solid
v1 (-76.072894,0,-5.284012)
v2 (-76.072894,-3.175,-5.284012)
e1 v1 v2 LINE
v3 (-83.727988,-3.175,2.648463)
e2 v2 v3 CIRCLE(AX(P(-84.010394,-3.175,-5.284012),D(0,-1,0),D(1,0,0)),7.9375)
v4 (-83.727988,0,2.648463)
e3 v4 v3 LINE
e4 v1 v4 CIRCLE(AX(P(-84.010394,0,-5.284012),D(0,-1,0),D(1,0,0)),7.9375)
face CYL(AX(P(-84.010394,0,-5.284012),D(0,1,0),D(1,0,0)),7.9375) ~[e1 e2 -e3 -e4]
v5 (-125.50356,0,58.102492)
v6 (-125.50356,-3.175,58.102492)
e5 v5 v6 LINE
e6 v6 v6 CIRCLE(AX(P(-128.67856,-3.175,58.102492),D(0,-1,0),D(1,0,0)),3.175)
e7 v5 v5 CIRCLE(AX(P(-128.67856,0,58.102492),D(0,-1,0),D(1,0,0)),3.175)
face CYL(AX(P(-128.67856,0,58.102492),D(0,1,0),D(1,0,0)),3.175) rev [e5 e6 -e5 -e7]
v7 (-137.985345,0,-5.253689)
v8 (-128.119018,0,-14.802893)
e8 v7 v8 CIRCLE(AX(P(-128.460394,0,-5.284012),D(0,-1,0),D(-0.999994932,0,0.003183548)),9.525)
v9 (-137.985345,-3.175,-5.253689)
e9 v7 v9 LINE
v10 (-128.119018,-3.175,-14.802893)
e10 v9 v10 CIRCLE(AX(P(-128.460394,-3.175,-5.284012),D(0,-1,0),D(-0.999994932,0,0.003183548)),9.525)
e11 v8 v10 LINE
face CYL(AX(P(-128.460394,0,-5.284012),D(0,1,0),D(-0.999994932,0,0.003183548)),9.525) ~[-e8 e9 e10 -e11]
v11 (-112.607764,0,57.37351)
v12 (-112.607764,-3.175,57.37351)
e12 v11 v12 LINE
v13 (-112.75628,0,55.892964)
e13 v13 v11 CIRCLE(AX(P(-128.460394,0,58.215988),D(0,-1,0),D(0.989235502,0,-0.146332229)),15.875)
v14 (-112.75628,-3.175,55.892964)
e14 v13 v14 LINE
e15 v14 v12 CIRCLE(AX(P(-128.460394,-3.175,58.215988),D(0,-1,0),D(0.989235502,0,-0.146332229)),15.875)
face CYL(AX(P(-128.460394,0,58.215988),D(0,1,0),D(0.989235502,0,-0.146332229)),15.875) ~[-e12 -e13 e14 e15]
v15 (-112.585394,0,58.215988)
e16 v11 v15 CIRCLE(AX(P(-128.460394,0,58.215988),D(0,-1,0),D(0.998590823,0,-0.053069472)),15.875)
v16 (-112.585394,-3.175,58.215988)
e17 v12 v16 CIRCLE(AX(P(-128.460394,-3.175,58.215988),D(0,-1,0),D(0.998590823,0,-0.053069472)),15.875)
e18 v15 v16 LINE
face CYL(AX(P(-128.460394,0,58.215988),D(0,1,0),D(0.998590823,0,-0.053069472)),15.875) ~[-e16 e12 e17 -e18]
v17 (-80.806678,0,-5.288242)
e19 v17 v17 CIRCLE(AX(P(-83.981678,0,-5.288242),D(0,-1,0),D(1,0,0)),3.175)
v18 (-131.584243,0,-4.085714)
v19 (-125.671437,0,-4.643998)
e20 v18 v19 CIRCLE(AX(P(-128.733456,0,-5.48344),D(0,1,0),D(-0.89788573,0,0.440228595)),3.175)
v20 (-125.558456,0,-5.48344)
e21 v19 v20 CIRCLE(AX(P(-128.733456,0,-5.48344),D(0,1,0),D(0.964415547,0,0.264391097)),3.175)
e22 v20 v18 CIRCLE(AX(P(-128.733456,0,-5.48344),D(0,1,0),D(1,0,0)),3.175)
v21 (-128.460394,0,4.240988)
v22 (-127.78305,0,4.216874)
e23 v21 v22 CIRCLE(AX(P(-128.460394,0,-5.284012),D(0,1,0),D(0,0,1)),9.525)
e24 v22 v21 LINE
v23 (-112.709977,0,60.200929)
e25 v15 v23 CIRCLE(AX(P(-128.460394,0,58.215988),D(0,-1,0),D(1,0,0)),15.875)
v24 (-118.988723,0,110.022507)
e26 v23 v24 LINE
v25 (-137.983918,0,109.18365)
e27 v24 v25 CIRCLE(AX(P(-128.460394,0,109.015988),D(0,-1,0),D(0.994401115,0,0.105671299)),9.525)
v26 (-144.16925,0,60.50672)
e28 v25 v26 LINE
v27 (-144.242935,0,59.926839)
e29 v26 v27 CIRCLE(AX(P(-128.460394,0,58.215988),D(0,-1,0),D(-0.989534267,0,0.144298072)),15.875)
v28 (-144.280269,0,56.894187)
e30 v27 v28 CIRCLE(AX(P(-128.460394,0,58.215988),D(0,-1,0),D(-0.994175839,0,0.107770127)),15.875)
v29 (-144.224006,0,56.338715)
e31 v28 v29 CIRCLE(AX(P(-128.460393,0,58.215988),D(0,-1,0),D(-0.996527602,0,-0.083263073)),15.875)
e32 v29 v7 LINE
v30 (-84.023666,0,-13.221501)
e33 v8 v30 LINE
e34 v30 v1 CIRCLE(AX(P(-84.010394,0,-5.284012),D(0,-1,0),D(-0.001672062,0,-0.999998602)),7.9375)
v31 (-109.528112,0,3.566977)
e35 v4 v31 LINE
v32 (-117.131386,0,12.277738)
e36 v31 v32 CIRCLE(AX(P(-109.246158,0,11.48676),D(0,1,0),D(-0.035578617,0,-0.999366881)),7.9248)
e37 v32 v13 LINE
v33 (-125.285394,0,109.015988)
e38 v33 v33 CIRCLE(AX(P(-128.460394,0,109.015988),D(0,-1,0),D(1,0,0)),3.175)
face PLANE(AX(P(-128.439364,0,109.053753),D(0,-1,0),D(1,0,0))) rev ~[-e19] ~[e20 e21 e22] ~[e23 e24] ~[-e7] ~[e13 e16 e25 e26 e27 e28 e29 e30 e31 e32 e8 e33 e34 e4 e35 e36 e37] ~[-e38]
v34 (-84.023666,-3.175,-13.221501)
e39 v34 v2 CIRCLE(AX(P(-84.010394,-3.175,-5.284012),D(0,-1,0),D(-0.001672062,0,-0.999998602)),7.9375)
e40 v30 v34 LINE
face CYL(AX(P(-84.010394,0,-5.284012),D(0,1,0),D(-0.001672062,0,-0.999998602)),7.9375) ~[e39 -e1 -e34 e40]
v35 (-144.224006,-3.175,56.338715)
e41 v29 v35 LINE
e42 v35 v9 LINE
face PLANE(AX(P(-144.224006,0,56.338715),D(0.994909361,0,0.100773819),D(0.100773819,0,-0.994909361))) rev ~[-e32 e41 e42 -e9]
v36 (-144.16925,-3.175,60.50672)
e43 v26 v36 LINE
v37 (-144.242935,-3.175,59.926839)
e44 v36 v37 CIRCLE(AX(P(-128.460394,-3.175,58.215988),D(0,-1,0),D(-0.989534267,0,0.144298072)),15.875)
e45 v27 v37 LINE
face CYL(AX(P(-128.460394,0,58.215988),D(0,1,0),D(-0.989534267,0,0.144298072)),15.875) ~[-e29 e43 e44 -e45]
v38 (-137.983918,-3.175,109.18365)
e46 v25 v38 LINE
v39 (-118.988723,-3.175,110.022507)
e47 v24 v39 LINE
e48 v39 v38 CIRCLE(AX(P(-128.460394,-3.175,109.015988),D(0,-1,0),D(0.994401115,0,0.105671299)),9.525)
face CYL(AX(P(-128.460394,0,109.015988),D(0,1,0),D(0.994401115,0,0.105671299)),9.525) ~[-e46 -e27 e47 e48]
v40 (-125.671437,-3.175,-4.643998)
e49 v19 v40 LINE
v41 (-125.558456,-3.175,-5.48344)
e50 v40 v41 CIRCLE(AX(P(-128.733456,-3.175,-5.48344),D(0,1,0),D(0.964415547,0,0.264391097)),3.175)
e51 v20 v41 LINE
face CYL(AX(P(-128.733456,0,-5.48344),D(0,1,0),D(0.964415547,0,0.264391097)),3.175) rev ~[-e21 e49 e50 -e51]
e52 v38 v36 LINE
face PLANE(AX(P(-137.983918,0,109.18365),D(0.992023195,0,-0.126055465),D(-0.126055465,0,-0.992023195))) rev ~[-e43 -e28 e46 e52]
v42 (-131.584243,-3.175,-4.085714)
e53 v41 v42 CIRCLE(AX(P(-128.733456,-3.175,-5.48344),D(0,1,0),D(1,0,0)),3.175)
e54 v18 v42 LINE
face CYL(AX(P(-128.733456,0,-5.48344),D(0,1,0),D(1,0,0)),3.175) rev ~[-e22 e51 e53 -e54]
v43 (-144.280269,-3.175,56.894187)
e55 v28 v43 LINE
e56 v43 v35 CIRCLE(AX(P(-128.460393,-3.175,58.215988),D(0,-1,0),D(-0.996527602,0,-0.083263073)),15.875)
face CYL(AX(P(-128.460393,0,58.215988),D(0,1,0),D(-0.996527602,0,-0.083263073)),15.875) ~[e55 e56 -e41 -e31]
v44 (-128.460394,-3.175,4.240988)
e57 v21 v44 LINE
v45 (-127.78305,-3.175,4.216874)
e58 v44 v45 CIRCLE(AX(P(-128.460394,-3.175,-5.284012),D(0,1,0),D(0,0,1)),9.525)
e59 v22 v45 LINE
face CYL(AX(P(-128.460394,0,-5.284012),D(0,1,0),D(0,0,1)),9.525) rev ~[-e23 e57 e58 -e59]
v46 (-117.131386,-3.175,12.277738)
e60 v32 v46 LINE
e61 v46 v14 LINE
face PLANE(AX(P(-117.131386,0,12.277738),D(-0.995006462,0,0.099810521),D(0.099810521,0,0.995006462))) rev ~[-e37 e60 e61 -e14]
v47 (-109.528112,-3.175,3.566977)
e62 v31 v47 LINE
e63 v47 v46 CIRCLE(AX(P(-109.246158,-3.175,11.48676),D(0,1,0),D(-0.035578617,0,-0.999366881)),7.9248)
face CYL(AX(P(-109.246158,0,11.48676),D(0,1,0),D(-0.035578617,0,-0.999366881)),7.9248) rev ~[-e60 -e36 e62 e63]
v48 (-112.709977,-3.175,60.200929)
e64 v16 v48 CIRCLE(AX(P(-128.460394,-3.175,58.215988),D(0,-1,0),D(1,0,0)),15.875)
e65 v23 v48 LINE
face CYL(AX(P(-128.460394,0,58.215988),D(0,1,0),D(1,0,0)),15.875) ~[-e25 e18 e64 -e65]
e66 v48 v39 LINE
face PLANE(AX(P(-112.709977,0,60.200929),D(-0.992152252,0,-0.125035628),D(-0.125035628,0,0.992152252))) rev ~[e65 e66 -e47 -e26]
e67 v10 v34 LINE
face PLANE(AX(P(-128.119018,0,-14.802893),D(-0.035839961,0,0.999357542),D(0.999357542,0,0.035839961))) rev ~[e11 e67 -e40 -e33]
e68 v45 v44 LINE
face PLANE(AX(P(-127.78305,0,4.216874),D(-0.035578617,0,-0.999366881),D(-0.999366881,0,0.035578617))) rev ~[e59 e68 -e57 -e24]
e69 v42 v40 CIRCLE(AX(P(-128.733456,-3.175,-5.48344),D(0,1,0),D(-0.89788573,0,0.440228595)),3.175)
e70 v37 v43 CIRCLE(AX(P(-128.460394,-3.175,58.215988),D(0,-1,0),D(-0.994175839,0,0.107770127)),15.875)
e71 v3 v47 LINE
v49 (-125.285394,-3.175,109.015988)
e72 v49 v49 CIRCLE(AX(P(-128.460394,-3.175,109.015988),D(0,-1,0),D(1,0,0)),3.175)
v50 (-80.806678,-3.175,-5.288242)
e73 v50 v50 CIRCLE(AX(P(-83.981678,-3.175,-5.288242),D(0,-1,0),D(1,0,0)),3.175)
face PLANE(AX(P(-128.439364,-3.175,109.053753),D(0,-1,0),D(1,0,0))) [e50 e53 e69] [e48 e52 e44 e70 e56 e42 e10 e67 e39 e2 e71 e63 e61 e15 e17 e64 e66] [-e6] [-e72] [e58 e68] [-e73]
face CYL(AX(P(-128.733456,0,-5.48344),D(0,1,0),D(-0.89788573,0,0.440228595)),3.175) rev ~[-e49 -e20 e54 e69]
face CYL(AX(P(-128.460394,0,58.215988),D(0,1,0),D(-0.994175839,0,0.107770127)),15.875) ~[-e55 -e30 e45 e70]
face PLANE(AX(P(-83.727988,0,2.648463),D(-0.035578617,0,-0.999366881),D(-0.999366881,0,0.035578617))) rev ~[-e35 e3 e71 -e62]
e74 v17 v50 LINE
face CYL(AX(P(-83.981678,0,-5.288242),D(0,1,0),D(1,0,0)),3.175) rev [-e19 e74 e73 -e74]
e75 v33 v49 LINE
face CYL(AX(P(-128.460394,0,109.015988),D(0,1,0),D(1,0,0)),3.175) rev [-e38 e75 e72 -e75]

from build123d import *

# Parameters (mm, degrees)
F0_R     = 3.175
F1_DEPTH = 3.175


with BuildPart() as f1:
    # F0 (on Front) → F1 (new body)
    with BuildSketch(Plane.XZ):
        with BuildLine():
            ThreePointArc((-137.9839178575, 109.1836497097), (-128.5442276723, 99.4913569695), (-118.9353935854, 109.0159880304))
            ThreePointArc((-118.9353935854, 109.0159880304), (-118.9487352752, 109.5199534958), (-118.9887229692, 110.0225071499))
            ThreePointArc((-118.9887229692, 110.0225071499), (-128.88062287, 118.5317135597), (-137.9839178575, 109.1836497097))
        make_face()
        with Locations((-128.4603935854, 109.0159880304)):
            Circle(F0_R, mode=Mode.SUBTRACT)
        with BuildLine():
            ThreePointArc((-118.9887229692, 110.0225071499), (-118.9487352752, 109.5199534958), (-118.9353935854, 109.0159880304))
            ThreePointArc((-118.9353935854, 109.0159880304), (-128.5442276723, 99.4913569695), (-137.9839178575, 109.1836497097))
            Line((-137.9839178575, 109.1836497097), (-144.1692500808, 60.5067199238))
            ThreePointArc((-144.1692500808, 60.5067199238), (-128.3060922633, 74.0902381262), (-112.7099765808, 60.2009286289))
            Line((-112.7099765808, 60.2009286289), (-118.9887229692, 110.0225071499))
        make_face()
        with BuildLine():
            ThreePointArc((-112.5853935854, 58.2159880304), (-112.6165699473, 59.2104112429), (-112.7099765808, 60.2009286289))
            ThreePointArc((-112.7099765808, 60.2009286289), (-128.3060922633, 74.0902381262), (-144.1692500808, 60.5067199238))
            Line((-144.1692500808, 60.5067199238), (-144.2429350358, 59.9268388031))
            ThreePointArc((-144.2429350358, 59.9268388031), (-144.3341907576, 58.4114063954), (-144.2802692603, 56.894186747))
            Line((-144.2802692603, 56.894186747), (-144.2240058625, 56.33871528))
            ThreePointArc((-144.2240058625, 56.33871528), (-128.6852459771, 42.3425805071), (-112.7562799888, 55.8929638929))
            Line((-112.7562799888, 55.8929638929), (-112.6077642758, 57.3735101539))
            ThreePointArc((-112.6077642758, 57.3735101539), (-112.5909872435, 57.7946006136), (-112.5853935854, 58.2159880304))
        make_face()
        with Locations((-128.678560257, 58.1024922431)):
            Circle(F0_R, mode=Mode.SUBTRACT)
        with BuildLine():
            Line((-144.2429350358, 59.9268388031), (-144.1692500808, 60.5067199238))
            ThreePointArc((-144.1692500808, 60.5067199238), (-144.208761808, 60.2171185426), (-144.2429350358, 59.9268388031))
        make_face()
        with BuildLine():
            ThreePointArc((-112.7562799888, 55.8929638929), (-112.6646659979, 56.6314960047), (-112.6077642758, 57.3735101539))
            Line((-112.6077642758, 57.3735101539), (-112.7562799888, 55.8929638929))
        make_face()
        with BuildLine():
            Line((-144.2240058625, 56.33871528), (-144.2802692603, 56.894186747))
            ThreePointArc((-144.2802692603, 56.894186747), (-144.2545796974, 56.6162036509), (-144.2240058625, 56.33871528))
        make_face()
        with BuildLine():
            Line((-117.1313856805, 12.2777379711), (-112.7562799888, 55.8929638929))
            ThreePointArc((-112.7562799888, 55.8929638929), (-128.6852459771, 42.3425805071), (-144.2240058625, 56.33871528))
            Line((-144.2240058625, 56.33871528), (-137.9853453175, -5.2536886715))
            ThreePointArc((-137.9853453175, -5.2536886715), (-135.1848562251, 1.461892507), (-128.4603935854, 4.2409880304))
            ThreePointArc((-128.4603935854, 4.2409880304), (-128.121507256, 4.2349575679), (-127.7830500375, 4.2168738164))
            ThreePointArc((-127.7830500375, 4.2168738164), (-121.4912000212, 1.2087506216), (-118.9353944253, -5.2800119368))
            ThreePointArc((-118.9353944253, -5.2800119368), (-118.9353937954, -5.2820119531), (-118.9353935854, -5.2840119696))
            ThreePointArc((-118.9353935854, -5.2840119696), (-121.6055694499, -11.8974083036), (-128.1190179572, -14.8028925592))
            Line((-128.1190179572, -14.8028925592), (-84.0236655742, -13.2215008738))
            ThreePointArc((-84.0236655742, -13.2215008738), (-91.9465162976, -5.1361520805), (-83.7279883109, 2.648462645))
            Line((-83.7279883109, 2.648462645), (-109.5281118949, 3.5669768966))
            ThreePointArc((-109.5281118949, 3.5669768966), (-115.2165059894, 6.2754827867), (-117.1313856805, 12.2777379711))
        make_face()
        with BuildLine():
            ThreePointArc((-128.4603935854, 4.2409880304), (-135.1848562251, 1.461892507), (-137.9853453175, -5.2536886715))
            ThreePointArc((-137.9853453175, -5.2536886715), (-135.0846928869, -12.1283003741), (-128.1190179572, -14.8028925592))
            ThreePointArc((-128.1190179572, -14.8028925592), (-121.6055694499, -11.8974083036), (-118.9353935854, -5.2840119696))
            ThreePointArc((-118.9353935854, -5.2840119696), (-118.9353937954, -5.2820119531), (-118.9353944253, -5.2800119368))
            ThreePointArc((-118.9353944253, -5.2800119368), (-121.4912000212, 1.2087506216), (-127.7830500375, 4.2168738164))
            Line((-127.7830500375, 4.2168738164), (-128.4603935854, 4.2409880304))
        make_face()
        with BuildLine():
            ThreePointArc((-131.584243327, -4.0857143333), (-128.435001733, -2.3224988127), (-125.6714367719, -4.6439983917))
            ThreePointArc((-125.6714367719, -4.6439983917), (-125.5868280604, -5.0599347973), (-125.5584561348, -5.4834401235))
            ThreePointArc((-125.5584561348, -5.4834401235), (-129.450873609, -8.5763250499), (-131.584243327, -4.0857143333))
        make_face(mode=Mode.SUBTRACT)
        with BuildLine():
            ThreePointArc((-76.0728935854, -5.2840119696), (-78.2987608015, 0.2278985152), (-83.7279883109, 2.648462645))
            ThreePointArc((-83.7279883109, 2.648462645), (-91.9465162976, -5.1361520805), (-84.0236655742, -13.2215008738))
            ThreePointArc((-84.0236655742, -13.2215008738), (-78.4024278295, -10.901362442), (-76.0728935854, -5.2840119696))
        make_face()
        with Locations((-83.9816778898, -5.2882423624)):
            Circle(F0_R, mode=Mode.SUBTRACT)
    extrude(amount=F1_DEPTH)


solid = f1.part
